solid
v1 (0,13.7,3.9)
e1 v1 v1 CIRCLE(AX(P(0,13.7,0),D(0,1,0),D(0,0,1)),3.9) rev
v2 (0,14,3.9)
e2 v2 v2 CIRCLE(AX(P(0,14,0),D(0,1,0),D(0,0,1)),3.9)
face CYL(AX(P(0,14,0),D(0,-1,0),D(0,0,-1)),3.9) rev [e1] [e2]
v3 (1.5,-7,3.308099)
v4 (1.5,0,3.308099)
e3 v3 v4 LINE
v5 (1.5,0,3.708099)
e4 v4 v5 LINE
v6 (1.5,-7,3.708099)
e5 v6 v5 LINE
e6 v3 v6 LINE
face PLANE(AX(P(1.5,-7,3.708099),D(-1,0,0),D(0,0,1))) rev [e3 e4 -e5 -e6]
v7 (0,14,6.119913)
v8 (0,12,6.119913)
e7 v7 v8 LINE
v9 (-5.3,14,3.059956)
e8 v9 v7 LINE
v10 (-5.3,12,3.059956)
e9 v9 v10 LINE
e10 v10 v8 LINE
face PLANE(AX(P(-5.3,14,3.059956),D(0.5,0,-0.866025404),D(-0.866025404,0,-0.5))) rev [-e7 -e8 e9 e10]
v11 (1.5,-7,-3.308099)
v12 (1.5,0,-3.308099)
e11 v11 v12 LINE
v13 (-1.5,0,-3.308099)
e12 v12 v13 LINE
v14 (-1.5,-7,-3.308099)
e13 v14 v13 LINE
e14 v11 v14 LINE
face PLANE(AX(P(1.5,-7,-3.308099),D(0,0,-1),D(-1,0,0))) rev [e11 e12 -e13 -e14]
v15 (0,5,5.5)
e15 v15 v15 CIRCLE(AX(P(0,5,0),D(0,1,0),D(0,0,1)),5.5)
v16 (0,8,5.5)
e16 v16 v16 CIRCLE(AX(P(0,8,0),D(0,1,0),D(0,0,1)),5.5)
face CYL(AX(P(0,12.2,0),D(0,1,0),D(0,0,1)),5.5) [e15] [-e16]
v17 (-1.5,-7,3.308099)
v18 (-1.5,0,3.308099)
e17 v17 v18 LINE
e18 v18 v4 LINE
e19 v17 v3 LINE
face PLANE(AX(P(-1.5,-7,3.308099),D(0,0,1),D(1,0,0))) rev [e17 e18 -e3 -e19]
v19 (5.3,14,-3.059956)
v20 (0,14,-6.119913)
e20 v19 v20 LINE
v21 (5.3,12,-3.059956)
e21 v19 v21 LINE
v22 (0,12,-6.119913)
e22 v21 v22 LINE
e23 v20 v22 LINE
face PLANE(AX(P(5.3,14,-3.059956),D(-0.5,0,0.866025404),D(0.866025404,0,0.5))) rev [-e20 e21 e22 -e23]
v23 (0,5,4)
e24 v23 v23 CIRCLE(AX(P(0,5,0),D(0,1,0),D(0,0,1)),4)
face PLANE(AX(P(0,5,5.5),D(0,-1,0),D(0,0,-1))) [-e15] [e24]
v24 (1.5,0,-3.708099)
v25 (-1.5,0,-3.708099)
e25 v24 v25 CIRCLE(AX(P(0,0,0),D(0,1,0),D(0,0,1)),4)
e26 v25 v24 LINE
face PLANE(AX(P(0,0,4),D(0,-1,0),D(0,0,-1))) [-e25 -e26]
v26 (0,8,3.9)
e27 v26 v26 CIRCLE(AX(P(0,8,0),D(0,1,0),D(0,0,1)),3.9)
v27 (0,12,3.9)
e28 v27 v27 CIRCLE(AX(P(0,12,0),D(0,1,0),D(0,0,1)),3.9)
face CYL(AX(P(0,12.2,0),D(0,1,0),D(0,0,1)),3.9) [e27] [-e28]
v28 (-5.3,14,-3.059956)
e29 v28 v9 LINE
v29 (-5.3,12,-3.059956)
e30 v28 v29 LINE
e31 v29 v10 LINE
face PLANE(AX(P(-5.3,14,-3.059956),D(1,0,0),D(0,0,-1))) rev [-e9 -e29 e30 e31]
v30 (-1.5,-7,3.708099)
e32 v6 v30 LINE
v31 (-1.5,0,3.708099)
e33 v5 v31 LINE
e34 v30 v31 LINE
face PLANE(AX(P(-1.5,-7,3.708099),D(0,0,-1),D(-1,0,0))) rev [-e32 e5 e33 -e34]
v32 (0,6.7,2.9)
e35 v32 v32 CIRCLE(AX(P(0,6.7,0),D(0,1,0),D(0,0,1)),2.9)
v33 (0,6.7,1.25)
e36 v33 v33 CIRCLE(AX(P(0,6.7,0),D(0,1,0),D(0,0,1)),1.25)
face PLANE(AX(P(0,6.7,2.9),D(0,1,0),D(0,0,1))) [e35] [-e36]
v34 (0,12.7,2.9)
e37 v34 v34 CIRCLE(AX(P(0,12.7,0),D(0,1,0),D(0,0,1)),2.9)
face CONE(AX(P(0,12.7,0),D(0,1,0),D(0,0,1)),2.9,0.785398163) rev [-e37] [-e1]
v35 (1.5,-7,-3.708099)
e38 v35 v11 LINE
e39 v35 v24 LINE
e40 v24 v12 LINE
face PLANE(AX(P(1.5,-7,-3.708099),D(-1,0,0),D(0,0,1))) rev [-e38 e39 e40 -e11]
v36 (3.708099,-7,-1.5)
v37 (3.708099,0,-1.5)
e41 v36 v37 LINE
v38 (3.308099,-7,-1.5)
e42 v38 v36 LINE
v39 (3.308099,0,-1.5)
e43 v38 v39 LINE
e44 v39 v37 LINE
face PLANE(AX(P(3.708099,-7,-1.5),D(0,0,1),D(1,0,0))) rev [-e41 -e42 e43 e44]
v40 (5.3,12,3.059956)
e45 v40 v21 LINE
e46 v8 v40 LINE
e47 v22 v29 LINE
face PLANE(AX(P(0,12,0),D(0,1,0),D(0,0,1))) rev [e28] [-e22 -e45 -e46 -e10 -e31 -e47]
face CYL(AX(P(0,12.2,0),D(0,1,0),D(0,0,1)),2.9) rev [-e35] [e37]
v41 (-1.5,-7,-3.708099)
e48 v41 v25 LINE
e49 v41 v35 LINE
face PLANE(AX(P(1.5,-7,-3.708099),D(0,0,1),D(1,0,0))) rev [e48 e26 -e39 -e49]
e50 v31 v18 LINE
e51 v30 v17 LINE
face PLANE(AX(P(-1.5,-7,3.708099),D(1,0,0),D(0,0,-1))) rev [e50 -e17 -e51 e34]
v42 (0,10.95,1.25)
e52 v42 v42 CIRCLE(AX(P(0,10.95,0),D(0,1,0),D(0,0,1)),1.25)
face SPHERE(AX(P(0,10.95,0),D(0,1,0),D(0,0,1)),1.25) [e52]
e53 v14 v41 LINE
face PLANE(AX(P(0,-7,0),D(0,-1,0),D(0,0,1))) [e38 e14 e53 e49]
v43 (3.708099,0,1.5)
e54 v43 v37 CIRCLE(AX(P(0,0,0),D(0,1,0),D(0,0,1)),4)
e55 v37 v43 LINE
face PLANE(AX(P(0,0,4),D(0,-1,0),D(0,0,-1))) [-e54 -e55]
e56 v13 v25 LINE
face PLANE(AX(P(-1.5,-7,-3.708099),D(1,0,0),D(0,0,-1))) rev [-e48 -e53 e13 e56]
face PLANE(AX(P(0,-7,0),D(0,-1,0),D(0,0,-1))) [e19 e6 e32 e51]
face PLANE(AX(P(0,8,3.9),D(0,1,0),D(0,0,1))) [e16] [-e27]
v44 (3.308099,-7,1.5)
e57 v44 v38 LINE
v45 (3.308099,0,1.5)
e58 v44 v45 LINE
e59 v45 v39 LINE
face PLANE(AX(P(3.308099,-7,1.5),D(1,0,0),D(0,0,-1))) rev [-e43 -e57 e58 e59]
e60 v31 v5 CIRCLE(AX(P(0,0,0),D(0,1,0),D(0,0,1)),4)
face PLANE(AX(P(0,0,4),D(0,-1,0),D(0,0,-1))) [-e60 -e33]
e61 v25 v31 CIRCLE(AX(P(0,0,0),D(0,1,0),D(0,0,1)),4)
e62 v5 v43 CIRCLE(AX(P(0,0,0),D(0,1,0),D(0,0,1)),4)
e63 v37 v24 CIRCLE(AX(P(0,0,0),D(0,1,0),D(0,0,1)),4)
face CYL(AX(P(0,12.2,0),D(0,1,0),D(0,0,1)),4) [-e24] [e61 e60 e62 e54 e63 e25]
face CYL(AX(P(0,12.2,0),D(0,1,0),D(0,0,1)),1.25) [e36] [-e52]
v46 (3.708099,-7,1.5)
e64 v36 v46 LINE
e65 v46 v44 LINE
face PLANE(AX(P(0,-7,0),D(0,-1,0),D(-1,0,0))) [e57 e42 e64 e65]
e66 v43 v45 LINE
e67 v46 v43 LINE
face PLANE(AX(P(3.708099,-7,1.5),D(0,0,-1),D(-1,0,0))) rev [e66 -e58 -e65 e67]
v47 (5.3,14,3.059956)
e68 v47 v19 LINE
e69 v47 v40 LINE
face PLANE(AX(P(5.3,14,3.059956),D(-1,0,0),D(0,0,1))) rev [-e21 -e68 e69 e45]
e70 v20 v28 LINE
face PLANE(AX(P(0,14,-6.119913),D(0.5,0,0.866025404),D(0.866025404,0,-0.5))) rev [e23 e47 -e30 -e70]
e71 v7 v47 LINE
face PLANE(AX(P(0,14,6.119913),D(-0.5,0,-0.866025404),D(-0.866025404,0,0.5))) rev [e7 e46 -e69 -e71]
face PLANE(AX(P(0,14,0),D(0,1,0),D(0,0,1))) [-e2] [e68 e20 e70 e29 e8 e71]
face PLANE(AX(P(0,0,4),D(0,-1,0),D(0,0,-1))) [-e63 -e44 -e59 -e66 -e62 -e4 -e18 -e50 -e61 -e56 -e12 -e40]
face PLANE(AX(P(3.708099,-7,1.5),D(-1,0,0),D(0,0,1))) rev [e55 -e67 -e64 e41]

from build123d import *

# Parameters (mm, degrees)
BOSS_EXTRUDE1_START = 4
SKETCH2_R           = 3.9
BOSS_EXTRUDE1_DEPTH = 2
SKETCH3_W           = 3
SKETCH3_H           = 0.4
BOSS_EXTRUDE2_DEPTH = 7
CIRPATTERN1_COUNT   = 3
CIRPATTERN1_ANGLE   = 180


with BuildPart() as part:
    # Sketch1 → Revolve1 (revolve)
    with BuildSketch(Plane(origin=(0, 0, 0), x_dir=(0, 0, -1), z_dir=(1, 0, 0))):
        with BuildLine():
            Line((-3.9, 13.7), (-3.9, 8))
            Line((-3.9, 8), (-5.5, 8))
            Line((-5.5, 8), (-5.5, 5))
            Line((-5.5, 5), (-4, 5))
            Line((-4, 5), (-4, 0))
            Line((-4, 0), (0, 0))
            Line((0, 0), (0, 12.2))
            ThreePointArc((0, 12.2), (-0.883883476, 11.833883476), (-1.25, 10.95))
            Line((-1.25, 10.95), (-1.25, 6.7))
            Line((-1.25, 6.7), (-2.9, 6.7))
            Line((-2.9, 6.7), (-2.9, 12.7))
            Line((-2.9, 12.7), (-3.9, 13.7))
        make_face()
    revolve(axis=Axis((0, 12.2, 0), (0, -1, 0)))

    # Sketch2 → Boss-Extrude1 (add)
    with BuildSketch(Plane(origin=(0, 8, 0), x_dir=(1, 0, 0), z_dir=(0, 1, 0)).offset(BOSS_EXTRUDE1_START)):
        Polygon((5.3, 3.059956427), (0, 6.119912853), (-5.3, 3.059956427), (-5.3, -3.059956427), (0, -6.119912853), (5.3, -3.059956427), align=None)
        Circle(SKETCH2_R, mode=Mode.SUBTRACT)
    extrude(amount=BOSS_EXTRUDE1_DEPTH)

    # Sketch3 → Boss-Extrude2 (add)
    with BuildSketch(Plane.XZ):
        with Locations((0, 3.508099244)):
            Rectangle(SKETCH3_W, SKETCH3_H)
    boss_extrude2 = extrude(amount=BOSS_EXTRUDE2_DEPTH)

    # CirPattern1: Boss-Extrude2 ×3 about axis
    cirpattern1_axis = Axis((0, 0, 0), (0, 1, 0))
    for i in range(1, CIRPATTERN1_COUNT):
        add(boss_extrude2.rotate(cirpattern1_axis, i * CIRPATTERN1_ANGLE / (CIRPATTERN1_COUNT - 1)))


solid = part.part
